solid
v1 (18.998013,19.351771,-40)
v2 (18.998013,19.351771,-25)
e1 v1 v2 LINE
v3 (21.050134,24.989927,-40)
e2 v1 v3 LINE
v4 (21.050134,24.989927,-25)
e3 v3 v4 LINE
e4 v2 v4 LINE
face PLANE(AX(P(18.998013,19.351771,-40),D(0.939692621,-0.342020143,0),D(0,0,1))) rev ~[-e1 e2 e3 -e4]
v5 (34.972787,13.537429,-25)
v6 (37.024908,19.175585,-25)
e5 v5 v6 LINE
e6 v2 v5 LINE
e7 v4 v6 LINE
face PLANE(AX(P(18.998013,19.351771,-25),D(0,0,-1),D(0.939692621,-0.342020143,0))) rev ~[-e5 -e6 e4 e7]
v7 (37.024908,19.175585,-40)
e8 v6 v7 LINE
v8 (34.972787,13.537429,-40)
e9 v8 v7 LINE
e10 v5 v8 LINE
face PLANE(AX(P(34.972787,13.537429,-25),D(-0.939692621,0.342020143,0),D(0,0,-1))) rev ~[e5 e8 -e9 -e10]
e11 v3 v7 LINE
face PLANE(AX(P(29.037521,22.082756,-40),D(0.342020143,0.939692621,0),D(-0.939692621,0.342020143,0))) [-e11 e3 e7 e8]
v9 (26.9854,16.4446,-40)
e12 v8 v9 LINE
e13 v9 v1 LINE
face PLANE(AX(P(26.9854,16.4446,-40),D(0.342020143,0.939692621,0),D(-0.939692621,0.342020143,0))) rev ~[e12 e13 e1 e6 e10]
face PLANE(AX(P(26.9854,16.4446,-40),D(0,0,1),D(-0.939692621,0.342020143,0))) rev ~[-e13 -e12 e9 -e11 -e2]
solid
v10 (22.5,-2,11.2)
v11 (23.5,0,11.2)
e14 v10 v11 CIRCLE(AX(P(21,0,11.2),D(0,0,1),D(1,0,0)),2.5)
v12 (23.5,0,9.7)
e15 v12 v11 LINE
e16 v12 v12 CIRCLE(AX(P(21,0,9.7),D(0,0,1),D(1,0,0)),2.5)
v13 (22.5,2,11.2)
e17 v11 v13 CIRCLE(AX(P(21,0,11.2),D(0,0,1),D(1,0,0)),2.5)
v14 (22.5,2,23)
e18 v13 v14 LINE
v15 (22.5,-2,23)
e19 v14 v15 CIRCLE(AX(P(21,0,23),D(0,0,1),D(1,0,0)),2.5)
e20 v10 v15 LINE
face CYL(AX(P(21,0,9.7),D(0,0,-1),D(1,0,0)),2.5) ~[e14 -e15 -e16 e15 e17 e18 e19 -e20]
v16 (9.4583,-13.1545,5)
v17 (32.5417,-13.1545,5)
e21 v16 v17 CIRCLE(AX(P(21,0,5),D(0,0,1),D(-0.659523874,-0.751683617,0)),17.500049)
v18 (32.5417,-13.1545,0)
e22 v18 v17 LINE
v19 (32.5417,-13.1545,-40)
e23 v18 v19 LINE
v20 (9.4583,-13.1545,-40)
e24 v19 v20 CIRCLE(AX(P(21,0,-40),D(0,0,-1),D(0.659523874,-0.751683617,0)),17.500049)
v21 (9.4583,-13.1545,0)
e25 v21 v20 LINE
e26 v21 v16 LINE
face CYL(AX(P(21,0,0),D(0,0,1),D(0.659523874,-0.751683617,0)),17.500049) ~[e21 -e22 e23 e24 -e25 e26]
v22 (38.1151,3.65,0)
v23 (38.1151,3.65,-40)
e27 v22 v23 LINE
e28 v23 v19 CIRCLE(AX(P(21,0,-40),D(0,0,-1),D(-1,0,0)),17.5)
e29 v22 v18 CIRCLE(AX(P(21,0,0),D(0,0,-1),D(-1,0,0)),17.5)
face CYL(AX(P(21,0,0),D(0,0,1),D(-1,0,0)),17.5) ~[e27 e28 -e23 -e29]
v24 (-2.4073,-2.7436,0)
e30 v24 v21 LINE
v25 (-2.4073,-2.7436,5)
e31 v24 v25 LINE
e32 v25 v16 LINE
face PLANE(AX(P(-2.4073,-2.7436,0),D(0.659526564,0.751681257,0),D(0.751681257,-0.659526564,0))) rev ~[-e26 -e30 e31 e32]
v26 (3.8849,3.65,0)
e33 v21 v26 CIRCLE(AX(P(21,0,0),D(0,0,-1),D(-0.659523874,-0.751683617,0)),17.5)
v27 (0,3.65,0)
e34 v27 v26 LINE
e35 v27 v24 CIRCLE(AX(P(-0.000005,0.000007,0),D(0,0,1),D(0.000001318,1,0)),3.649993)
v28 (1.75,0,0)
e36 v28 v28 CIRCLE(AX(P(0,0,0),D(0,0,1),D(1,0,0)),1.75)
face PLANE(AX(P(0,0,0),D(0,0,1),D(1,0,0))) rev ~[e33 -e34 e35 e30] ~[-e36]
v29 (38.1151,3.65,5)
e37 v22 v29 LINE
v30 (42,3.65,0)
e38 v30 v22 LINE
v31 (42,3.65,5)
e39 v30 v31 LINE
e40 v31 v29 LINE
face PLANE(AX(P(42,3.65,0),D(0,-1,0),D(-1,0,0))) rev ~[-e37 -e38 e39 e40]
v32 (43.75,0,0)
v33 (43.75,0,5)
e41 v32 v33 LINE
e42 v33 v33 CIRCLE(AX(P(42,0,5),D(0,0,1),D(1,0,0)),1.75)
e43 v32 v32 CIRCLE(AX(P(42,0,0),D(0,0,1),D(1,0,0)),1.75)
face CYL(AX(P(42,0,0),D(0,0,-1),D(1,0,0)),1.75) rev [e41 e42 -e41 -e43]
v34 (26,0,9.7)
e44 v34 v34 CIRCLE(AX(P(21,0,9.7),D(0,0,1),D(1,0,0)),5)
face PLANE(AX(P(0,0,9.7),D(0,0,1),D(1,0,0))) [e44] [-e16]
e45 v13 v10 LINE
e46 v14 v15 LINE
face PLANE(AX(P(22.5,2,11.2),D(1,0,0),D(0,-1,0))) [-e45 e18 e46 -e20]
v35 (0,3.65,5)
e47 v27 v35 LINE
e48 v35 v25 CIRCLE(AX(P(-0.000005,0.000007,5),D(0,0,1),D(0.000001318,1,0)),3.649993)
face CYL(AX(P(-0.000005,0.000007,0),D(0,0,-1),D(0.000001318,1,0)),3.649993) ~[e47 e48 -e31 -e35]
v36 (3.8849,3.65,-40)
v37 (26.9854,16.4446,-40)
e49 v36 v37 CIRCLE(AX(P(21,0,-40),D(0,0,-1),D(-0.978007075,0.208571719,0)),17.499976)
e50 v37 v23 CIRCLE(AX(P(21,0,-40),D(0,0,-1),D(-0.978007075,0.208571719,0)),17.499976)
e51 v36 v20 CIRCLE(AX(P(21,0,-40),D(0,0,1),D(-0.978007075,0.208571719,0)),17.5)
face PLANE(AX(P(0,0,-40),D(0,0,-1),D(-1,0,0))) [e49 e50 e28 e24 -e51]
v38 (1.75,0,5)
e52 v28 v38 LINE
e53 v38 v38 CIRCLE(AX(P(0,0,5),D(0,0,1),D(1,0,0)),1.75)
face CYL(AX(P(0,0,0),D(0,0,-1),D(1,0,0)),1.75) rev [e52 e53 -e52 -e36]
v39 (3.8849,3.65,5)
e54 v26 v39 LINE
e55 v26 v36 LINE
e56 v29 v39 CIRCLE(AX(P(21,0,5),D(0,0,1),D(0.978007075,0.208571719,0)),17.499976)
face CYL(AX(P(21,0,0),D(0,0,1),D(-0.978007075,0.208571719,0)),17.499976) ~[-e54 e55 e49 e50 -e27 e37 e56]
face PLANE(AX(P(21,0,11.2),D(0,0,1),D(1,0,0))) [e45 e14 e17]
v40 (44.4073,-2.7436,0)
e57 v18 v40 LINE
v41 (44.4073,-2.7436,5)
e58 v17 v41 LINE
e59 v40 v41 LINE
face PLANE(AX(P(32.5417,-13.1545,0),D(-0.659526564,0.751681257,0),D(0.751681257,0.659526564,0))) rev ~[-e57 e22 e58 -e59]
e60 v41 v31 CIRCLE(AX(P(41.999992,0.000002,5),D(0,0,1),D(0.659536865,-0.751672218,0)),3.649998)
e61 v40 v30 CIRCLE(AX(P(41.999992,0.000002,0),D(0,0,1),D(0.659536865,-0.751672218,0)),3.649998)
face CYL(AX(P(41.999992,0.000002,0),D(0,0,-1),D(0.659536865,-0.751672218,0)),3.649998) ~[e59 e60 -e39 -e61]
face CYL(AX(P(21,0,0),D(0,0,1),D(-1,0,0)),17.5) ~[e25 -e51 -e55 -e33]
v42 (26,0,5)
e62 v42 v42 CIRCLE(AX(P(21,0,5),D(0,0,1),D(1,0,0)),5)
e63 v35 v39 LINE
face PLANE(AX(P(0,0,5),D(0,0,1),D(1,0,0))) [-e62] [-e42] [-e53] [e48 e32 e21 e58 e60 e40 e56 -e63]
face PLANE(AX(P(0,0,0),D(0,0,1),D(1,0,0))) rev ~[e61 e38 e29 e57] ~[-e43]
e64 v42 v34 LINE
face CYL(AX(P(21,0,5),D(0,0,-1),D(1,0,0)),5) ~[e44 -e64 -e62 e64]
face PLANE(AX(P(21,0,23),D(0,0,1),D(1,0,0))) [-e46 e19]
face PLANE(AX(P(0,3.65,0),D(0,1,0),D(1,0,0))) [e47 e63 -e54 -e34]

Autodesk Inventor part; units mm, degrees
ref_plane "YZ Plane" through (0, 0, 0) normal (1, 0, 0) x (0, 1, 0)
ref_plane "XZ Plane" through (0, 0, 0) normal (0, 1, 0) x (-1, 0, 0)
ref_plane "XY Plane" through (0, 0, 0) normal (0, 0, 1) x (1, 0, 0)
sketch "Sketch1" plane through (0, 0, 0) normal (0, 0, 1) x (1, 0, 0)
  circle A0 centre (0, 0) radius 1.75
  circle A1 centre (42, 0) radius 1.75
  arc A2 (0, 3.65) -> (-2.4073, -2.7436) centre (0, 0) ccw
  arc A3 (44.4073, -2.7436) -> (42, 3.65) centre (42, 0) ccw
  line L0 (-2.4073, -2.7436) -> (9.4583, -13.1545)
  line L1 (32.5417, -13.1545) -> (44.4073, -2.7436)
  line L2 (42, 3.65) -> (38.1151, 3.65)
  line L3 (0, 3.65) -> (3.8849, 3.65)
  arc A4 (9.4583, -13.1545) -> (32.5417, -13.1545) centre (21, 0) ccw
  arc A5 (38.1151, 3.65) -> (3.8849, 3.65) centre (21, 0) ccw
  dimension "d0" = 3.5
  dimension "d2" = 42
  dimension "d3" = 7.3
  dimension "d5" = 21
  dimension "d6" = 17.5
  dimension "d7" = 17.5
extrude "Extrusion1" add sketch "Sketch1" along normal blind 5
sketch "Sketch2" plane through (0, 0, 5) normal (0, 0, 1) x (1, 0, 0)
  arc A0 (38.1151, 3.65) -> (3.8849, 3.65) centre (21, 0) ccw projected
  circle A1 centre (21, 0) radius 5
  dimension "d10" = 10
extrude "Extrusion2" add sketch "Sketch2" along normal blind 4.7
sketch "Sketch3" plane through (21, 0, 9.7) normal (0, 0, 1) x (1, 0, 0)
  circle A0 centre (0, 0) radius 5 projected
  circle A1 centre (0, 0) radius 2.5
  point P0 (-21, 0)
  dimension "d13" = 5
extrude "Extrusion3" add sketch "Sketch3" along normal blind 1.5 contours A1
sketch "Sketch4" plane through (21, 0, 11.2) normal (0, 0, 1) x (1, 0, 0)
  circle A0 centre (0, 0) radius 2.5 projected
  line L0 (1.5, 2) -> (1.5, -2)
  point P0 (-21, 0)
  dimension "d16" = 4
extrude "Extrusion4" add sketch "Sketch4" along normal blind 11.8 contours L0 A0 picked at (0.1918, -0.203)
sketch "Sketch5" plane through (0, 0, 0) normal (0, 0, -1) x (-1, 0, 0)
  arc A0 (-3.8849, 3.65) -> (-38.1151, 3.65) centre (-21, 0) ccw projected
  arc A1 (-32.5417, -13.1545) -> (-9.4583, -13.1545) centre (-21, 0) ccw projected
  circle A2 centre (-21, 0) radius 17.5
extrude "Extrusion5" add sketch "Sketch5" along normal blind 40
sketch "Sketch6" plane through (21, 0, -40) normal (0, 0, -1) x (-1, 0, 0)
  circle A0 centre (0, 0) radius 17.5 projected
  arc A1 (-1.5, -2) -> (-1.5, 2) centre (0, 0) ccw construction
  line L0 (0, 0) -> (-5.9854, 16.4446) construction
  circle A2 centre (21, 0) radius 1.75 construction
  line L1 (21, 0) -> (-17.5, 0) construction
  dimension "d21" = 70
ref_plane "Work Plane1" through (26.9854, 16.4446, -40) normal (0.342, 0.9397, 0) x (-0.9397, 0.342, 0)
sketch "Sketch7" plane through (26.9854, 16.4446, -40) normal (0.342, 0.9397, 0) x (-0.9397, 0.342, 0)
  line L0 (-17.5, 0) -> (17.5, 0) projected
  line L1 (0, 0) -> (8.5, 0)
  line L2 (8.5, 0) -> (8.5, 15)
  line L3 (8.5, 15) -> (-8.5, 15)
  line L4 (-8.5, 15) -> (-8.5, 0)
  line L5 (-8.5, 0) -> (0, 0)
  point P0 (19.7335, 40)
  dimension "d22" = 8.5
  dimension "d23" = 15
  dimension "d24" = 17
extrude "Extrusion6" add sketch "Sketch7" along normal blind 6
properties part number "PG35L"
